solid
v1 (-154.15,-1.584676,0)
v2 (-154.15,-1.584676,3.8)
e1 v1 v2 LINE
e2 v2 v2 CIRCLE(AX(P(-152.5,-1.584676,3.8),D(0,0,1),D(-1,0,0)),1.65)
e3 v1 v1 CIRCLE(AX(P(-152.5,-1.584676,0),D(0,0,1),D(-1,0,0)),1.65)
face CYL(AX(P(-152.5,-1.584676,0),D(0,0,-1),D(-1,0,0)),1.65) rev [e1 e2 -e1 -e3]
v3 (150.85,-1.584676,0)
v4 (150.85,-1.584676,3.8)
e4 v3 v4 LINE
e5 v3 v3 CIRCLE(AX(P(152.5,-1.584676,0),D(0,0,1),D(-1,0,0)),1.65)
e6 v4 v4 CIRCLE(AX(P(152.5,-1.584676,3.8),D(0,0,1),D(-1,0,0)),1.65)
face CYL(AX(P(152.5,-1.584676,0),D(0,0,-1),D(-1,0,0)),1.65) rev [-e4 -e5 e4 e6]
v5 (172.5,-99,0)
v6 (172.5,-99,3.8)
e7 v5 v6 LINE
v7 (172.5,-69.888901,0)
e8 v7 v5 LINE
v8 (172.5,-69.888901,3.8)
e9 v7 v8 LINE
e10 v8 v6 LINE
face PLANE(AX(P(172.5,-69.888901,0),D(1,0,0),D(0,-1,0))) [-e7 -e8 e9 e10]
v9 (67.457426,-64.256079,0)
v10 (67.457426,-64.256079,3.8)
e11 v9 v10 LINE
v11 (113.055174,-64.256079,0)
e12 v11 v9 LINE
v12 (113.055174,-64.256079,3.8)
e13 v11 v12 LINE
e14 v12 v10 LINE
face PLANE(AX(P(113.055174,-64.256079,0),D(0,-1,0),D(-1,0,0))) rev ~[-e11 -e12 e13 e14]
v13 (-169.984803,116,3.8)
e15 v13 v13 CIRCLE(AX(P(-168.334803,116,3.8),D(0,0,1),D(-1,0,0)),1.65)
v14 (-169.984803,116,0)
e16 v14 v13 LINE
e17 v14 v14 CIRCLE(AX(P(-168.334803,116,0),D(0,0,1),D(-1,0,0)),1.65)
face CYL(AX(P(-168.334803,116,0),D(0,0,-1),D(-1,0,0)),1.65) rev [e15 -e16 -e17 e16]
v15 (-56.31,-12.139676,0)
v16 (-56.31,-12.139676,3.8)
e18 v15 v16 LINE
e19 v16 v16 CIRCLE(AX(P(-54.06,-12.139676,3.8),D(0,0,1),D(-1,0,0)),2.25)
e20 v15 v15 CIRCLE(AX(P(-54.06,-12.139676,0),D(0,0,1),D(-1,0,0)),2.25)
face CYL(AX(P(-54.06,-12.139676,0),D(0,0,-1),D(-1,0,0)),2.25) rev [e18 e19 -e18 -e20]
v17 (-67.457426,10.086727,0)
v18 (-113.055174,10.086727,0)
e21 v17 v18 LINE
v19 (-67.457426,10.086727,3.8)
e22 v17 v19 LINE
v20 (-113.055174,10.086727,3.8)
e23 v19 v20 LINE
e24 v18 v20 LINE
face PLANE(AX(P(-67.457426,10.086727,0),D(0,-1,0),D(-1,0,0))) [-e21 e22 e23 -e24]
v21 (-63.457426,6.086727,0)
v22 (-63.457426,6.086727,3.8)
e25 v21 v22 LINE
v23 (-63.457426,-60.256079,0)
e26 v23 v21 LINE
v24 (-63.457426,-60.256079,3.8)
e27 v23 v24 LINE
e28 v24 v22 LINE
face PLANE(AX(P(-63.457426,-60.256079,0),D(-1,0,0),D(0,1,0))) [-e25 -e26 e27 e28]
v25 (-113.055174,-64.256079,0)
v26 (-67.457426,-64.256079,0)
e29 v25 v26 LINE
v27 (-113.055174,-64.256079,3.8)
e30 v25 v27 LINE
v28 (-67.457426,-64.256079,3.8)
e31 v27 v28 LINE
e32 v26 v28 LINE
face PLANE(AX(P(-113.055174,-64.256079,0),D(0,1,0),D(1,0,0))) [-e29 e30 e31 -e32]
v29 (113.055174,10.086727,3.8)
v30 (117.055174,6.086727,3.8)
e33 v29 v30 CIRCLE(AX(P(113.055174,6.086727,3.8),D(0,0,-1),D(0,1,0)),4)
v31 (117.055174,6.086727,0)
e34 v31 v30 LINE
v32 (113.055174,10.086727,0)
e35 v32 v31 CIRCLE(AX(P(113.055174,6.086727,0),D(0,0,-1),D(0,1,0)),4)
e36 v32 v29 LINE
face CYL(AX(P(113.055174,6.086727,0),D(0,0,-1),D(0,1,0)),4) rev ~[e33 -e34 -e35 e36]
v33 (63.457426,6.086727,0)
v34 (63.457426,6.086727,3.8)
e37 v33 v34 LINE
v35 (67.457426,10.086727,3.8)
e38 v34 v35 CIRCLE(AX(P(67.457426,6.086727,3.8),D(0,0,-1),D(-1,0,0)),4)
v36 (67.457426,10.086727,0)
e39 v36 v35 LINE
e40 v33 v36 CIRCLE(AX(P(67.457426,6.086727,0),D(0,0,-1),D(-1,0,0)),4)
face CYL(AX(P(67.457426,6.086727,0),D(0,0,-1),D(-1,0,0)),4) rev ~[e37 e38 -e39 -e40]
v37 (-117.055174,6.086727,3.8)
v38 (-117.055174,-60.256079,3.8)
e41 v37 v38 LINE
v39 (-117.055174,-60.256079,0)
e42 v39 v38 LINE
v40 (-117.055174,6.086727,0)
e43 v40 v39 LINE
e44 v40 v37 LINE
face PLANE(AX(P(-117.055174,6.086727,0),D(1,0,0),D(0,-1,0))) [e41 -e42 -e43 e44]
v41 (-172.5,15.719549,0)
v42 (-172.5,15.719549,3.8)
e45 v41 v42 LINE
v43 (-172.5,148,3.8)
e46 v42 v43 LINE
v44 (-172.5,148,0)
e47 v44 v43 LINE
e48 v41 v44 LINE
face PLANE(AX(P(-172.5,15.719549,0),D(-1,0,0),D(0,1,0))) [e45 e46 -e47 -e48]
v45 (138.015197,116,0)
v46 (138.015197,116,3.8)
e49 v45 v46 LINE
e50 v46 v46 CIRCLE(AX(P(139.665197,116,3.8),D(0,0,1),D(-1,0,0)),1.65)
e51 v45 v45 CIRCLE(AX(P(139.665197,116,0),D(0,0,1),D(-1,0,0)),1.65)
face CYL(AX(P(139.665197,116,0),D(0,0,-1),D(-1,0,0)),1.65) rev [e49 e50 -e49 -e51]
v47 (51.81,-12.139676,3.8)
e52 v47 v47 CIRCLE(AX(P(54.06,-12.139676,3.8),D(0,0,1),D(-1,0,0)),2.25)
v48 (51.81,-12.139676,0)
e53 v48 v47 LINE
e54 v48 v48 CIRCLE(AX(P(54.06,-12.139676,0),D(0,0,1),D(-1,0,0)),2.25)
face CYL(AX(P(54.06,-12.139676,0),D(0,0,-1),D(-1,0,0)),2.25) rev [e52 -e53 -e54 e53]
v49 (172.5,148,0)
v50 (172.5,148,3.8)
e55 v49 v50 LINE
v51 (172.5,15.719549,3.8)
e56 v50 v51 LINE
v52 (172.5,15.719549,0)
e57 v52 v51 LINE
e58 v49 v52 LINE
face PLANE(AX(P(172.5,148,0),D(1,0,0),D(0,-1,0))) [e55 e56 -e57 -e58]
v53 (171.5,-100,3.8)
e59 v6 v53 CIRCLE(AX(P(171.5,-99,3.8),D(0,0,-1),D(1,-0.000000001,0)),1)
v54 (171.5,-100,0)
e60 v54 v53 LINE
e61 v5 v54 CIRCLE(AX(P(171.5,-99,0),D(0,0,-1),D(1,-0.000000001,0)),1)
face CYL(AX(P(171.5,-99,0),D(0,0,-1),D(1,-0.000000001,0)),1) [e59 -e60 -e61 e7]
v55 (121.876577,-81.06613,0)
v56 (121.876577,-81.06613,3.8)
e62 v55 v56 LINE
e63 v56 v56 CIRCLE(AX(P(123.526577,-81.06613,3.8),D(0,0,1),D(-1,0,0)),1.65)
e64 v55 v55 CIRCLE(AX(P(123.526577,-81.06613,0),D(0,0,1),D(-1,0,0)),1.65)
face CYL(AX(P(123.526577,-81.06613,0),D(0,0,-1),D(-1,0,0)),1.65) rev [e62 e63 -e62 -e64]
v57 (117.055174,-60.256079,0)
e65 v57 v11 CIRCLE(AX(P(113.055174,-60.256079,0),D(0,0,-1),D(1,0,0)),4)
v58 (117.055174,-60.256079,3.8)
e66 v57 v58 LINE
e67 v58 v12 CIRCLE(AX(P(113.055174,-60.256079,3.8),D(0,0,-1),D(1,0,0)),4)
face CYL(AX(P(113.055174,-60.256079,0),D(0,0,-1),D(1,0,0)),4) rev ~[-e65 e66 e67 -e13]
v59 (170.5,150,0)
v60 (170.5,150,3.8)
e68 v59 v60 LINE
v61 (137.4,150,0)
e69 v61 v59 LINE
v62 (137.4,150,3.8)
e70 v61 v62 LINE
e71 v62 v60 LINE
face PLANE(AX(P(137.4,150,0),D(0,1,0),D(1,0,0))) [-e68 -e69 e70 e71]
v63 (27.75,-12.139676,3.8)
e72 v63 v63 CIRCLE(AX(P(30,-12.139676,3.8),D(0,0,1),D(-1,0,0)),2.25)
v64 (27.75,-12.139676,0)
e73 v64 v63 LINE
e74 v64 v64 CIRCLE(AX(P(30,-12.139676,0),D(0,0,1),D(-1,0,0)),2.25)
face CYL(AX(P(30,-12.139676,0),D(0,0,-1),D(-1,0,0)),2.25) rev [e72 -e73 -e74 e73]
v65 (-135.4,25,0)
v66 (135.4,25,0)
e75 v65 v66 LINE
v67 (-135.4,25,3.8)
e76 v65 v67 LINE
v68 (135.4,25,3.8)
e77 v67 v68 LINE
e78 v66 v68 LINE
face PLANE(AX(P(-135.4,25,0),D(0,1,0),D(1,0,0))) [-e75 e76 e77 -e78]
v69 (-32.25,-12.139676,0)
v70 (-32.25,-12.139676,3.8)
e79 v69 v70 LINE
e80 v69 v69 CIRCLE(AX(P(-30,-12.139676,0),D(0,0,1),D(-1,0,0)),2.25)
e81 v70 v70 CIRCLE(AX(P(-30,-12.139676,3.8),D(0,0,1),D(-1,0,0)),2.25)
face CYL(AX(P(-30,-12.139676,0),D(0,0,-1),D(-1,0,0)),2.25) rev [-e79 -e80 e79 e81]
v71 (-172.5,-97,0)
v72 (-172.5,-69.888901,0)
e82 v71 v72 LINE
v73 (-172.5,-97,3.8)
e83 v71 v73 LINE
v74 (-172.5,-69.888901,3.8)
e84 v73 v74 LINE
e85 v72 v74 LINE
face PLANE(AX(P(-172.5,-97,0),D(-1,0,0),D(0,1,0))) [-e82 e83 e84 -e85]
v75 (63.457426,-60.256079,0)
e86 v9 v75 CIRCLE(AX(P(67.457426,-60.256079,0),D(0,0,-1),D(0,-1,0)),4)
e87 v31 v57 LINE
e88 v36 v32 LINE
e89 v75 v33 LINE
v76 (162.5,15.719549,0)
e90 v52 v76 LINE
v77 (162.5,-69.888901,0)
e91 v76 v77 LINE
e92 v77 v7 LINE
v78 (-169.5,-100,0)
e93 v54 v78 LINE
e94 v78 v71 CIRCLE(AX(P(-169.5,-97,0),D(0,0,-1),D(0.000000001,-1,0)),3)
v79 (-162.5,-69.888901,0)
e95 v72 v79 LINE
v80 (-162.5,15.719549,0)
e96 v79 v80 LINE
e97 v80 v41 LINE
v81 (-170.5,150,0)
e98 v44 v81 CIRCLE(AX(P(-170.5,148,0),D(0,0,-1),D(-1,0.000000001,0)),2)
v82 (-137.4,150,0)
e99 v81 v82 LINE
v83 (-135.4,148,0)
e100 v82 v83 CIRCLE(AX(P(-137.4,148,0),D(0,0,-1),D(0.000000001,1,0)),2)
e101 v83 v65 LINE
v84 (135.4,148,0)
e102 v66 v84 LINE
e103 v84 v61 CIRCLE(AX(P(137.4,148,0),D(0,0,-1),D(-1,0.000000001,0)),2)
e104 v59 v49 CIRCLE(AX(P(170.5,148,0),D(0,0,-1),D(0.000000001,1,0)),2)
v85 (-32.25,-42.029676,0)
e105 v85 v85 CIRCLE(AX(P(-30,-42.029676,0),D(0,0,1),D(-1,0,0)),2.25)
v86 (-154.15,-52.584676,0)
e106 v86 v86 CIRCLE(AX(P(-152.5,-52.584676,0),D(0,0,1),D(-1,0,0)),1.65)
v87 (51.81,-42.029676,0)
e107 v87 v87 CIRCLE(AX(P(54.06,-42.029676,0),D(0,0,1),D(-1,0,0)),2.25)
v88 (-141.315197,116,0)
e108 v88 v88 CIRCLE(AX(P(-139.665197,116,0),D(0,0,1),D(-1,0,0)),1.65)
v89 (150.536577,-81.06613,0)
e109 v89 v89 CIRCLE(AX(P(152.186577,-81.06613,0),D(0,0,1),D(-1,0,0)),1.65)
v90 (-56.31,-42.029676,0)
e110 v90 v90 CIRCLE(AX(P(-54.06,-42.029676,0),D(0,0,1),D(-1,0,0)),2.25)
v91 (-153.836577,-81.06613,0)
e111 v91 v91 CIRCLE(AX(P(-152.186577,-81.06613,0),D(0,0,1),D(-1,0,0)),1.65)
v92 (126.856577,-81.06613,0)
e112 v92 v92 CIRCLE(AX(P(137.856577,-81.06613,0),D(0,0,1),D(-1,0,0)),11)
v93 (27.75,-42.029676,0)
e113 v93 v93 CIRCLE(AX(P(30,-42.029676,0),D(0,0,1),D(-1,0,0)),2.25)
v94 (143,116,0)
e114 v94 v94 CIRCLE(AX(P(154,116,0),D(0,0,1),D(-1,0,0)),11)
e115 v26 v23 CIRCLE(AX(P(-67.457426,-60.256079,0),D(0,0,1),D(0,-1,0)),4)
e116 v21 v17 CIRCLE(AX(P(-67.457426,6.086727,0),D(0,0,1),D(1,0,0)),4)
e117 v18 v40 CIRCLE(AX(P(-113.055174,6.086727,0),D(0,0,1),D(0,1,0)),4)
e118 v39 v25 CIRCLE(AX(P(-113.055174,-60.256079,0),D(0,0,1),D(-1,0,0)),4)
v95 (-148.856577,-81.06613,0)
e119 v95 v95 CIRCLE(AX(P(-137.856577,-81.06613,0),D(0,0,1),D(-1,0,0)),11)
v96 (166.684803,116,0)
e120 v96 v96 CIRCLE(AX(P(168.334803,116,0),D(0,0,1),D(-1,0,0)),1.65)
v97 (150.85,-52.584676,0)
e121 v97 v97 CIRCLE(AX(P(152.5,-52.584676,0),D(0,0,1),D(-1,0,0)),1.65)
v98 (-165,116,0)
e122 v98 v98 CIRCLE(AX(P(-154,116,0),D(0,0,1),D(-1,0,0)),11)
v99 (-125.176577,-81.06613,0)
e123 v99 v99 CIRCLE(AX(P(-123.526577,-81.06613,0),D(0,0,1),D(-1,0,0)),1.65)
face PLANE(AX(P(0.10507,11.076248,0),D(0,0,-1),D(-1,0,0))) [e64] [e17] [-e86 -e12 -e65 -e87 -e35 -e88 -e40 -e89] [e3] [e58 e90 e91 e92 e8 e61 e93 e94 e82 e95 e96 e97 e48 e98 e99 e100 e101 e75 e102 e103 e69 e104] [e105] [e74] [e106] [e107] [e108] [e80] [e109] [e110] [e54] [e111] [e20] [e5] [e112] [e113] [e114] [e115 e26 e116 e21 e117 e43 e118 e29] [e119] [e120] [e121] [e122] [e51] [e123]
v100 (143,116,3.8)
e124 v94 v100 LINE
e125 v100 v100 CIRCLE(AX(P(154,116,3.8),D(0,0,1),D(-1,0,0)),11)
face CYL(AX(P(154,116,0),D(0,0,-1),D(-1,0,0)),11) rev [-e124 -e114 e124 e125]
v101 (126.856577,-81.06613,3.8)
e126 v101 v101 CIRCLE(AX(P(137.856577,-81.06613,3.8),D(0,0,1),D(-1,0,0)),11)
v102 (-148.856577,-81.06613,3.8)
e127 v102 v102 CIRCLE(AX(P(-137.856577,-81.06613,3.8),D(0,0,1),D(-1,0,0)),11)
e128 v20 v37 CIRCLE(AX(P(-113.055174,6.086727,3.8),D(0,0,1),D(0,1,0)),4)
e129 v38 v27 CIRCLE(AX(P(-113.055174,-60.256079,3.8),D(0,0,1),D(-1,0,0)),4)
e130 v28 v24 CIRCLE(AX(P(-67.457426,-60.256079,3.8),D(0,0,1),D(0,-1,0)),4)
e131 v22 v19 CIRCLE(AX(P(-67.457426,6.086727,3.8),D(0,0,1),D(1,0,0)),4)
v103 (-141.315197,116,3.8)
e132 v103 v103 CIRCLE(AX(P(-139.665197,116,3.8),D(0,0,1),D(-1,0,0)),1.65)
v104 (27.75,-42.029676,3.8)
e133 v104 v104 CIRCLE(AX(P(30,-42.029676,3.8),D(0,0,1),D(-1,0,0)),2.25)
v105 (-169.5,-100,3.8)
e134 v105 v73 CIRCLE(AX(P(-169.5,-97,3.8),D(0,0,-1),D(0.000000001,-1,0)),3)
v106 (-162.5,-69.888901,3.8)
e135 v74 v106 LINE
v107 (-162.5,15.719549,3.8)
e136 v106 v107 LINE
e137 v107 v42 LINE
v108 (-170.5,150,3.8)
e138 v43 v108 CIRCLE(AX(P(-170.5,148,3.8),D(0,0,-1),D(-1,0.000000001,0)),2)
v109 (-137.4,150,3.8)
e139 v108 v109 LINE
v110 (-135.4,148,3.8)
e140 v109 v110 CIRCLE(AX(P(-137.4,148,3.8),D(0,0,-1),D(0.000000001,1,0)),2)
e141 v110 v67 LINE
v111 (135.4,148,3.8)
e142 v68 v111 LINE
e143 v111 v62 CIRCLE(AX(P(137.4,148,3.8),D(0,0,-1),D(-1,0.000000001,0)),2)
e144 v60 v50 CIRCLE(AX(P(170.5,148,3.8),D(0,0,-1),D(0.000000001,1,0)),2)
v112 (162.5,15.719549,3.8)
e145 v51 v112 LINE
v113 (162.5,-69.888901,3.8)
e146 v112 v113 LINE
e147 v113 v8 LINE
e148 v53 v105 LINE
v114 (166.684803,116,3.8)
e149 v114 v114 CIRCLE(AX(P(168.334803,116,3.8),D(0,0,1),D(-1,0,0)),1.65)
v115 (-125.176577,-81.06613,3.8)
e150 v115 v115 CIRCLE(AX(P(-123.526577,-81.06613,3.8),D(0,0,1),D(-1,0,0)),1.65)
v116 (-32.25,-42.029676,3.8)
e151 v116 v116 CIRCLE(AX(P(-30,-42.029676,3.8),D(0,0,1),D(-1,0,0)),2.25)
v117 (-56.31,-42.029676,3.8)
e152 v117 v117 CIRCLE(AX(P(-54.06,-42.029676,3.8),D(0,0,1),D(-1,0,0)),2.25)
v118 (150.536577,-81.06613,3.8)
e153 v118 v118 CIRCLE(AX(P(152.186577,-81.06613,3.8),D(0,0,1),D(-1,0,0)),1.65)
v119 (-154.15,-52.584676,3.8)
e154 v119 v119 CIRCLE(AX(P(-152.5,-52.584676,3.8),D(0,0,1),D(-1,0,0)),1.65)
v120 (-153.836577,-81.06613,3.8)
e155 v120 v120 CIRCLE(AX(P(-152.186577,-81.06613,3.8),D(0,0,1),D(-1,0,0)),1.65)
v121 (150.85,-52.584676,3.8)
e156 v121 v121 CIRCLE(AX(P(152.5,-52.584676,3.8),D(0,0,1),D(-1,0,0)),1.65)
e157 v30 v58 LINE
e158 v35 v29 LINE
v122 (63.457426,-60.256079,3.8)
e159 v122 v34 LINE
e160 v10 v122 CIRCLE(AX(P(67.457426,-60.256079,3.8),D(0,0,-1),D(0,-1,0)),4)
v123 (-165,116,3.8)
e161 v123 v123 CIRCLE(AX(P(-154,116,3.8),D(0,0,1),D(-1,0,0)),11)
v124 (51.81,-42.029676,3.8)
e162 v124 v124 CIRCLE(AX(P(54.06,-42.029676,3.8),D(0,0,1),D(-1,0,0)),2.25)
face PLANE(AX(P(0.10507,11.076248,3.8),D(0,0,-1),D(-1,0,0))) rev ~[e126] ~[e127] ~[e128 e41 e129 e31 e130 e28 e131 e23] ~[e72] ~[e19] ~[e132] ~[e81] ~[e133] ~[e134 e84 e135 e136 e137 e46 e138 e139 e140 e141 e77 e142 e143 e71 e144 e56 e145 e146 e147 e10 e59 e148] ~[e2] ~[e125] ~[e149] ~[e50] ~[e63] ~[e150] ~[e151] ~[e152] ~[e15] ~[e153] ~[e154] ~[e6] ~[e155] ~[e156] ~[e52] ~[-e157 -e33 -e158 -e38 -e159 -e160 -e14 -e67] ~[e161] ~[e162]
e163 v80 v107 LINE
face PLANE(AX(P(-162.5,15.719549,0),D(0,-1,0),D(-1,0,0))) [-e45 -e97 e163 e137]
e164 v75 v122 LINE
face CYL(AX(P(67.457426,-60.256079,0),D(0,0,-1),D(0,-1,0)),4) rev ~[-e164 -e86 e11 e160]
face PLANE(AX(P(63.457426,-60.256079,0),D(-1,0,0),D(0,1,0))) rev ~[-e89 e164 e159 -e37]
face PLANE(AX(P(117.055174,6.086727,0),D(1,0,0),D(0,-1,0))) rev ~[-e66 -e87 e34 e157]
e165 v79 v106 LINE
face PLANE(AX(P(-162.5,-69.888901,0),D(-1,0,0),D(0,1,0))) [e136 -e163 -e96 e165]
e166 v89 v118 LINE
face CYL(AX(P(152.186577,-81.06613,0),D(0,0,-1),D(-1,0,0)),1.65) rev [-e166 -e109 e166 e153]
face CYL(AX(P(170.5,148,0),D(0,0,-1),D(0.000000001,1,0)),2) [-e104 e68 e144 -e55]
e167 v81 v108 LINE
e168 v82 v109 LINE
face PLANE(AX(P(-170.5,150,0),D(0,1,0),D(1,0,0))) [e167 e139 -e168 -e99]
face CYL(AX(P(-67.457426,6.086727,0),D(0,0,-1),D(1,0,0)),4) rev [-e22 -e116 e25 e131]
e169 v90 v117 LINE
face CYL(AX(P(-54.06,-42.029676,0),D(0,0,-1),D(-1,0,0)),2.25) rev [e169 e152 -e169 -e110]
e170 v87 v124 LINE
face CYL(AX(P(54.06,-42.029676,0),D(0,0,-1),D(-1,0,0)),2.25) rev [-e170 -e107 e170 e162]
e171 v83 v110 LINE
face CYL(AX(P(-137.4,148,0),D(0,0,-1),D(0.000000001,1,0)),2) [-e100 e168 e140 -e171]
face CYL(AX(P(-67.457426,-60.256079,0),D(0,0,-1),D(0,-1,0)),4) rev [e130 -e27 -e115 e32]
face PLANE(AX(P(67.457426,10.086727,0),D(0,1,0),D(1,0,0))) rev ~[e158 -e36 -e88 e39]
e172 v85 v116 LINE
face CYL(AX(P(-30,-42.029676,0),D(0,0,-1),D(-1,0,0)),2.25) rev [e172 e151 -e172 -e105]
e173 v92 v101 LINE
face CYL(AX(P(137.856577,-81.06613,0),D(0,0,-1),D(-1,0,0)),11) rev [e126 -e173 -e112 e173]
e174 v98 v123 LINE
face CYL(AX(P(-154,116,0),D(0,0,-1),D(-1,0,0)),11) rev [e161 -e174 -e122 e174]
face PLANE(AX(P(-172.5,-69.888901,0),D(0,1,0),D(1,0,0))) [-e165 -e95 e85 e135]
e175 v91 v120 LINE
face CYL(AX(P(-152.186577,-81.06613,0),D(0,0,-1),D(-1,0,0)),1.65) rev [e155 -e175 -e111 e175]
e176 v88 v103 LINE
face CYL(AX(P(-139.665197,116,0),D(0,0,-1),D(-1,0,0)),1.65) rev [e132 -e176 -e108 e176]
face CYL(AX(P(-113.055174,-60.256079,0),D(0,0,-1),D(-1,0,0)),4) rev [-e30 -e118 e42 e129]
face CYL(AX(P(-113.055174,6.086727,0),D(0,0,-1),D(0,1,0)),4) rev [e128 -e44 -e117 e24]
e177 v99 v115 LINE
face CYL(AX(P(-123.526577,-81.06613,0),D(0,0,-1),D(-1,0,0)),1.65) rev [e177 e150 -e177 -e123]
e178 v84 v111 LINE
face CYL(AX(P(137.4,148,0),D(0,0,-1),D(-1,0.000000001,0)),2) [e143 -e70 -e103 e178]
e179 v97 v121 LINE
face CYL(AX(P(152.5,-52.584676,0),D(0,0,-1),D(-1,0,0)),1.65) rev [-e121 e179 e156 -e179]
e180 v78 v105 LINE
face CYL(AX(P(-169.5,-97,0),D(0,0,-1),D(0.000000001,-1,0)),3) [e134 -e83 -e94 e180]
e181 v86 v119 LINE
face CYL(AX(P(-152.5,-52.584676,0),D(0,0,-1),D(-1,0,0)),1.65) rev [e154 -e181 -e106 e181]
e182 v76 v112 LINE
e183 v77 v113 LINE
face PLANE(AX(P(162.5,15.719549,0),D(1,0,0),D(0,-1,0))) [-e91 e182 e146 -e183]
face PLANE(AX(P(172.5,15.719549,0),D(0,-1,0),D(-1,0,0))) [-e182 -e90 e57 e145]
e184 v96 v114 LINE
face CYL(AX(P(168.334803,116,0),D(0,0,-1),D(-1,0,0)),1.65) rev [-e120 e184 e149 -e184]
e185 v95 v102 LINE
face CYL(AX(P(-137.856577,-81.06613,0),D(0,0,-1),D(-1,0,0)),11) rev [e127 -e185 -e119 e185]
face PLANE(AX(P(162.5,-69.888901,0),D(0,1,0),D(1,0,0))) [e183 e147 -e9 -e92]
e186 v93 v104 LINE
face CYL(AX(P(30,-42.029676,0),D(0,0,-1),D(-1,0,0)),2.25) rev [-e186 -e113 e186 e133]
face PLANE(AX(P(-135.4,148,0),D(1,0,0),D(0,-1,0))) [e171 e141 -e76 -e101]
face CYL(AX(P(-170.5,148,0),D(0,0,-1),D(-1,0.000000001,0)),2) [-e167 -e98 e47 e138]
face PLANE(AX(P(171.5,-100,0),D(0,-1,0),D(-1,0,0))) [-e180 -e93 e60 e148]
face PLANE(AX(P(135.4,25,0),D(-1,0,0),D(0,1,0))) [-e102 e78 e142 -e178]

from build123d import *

# Parameters (mm, degrees)
SKETCH2_R           = 1.65
SKETCH2_R_2         = 11
SKETCH2_R_3         = 2.25
BOSS_EXTRUDE1_DEPTH = 3.8


with BuildPart() as part:
    # Sketch2 → Boss-Extrude1 (new body)
    with BuildSketch(Plane.XY):
        with BuildLine():
            Line((-170.5, 150), (-137.4, 150))
            ThreePointArc((-137.4, 150), (-135.985786438, 149.414213562), (-135.4, 148))
            Line((-135.4, 148), (-135.4, 25))
            Line((-135.4, 25), (135.4, 25))
            Line((135.4, 25), (135.4, 148))
            ThreePointArc((135.4, 148), (135.985786438, 149.414213562), (137.4, 150))
            Line((137.4, 150), (170.5, 150))
            ThreePointArc((170.5, 150), (171.914213562, 149.414213562), (172.5, 148))
            Line((172.5, 148), (172.5, 15.719548835))
            Line((172.5, 15.719548835), (162.5, 15.719548835))
            Line((162.5, 15.719548835), (162.5, -69.888900965))
            Line((162.5, -69.888900965), (172.5, -69.888900965))
            Line((172.5, -69.888900965), (172.5, -99))
            ThreePointArc((172.5, -99), (172.207106781, -99.707106781), (171.5, -100))
            Line((171.5, -100), (-169.5, -100))
            ThreePointArc((-169.5, -100), (-171.621320344, -99.121320344), (-172.5, -97))
            Line((-172.5, -97), (-172.5, -69.888900965))
            Line((-172.5, -69.888900965), (-162.5, -69.888900965))
            Line((-162.5, -69.888900965), (-162.5, 15.719548835))
            Line((-162.5, 15.719548835), (-172.5, 15.719548835))
            Line((-172.5, 15.719548835), (-172.5, 148))
            ThreePointArc((-172.5, 148), (-171.914213562, 149.414213562), (-170.5, 150))
        make_face()
        with Locations(Location((-168.334802826, 116, 0), (0, 0, 180))):
            Circle(SKETCH2_R, mode=Mode.SUBTRACT)
        with Locations(Location((-139.665197174, 116, 0), (0, 0, 180))):
            Circle(SKETCH2_R, mode=Mode.SUBTRACT)
        with Locations(Location((168.334802826, 116, 0), (0, 0, 180))):
            Circle(SKETCH2_R, mode=Mode.SUBTRACT)
        with Locations(Location((139.665197174, 116, 0), (0, 0, 180))):
            Circle(SKETCH2_R, mode=Mode.SUBTRACT)
        with Locations(Location((154, 116, 0), (0, 0, 180))):
            Circle(SKETCH2_R_2, mode=Mode.SUBTRACT)
        with Locations(Location((-154, 116, 0), (0, 0, 180))):
            Circle(SKETCH2_R_2, mode=Mode.SUBTRACT)
        with Locations(Location((152.5, -52.584676065, 0), (0, 0, 180))):
            Circle(SKETCH2_R, mode=Mode.SUBTRACT)
        with Locations(Location((152.5, -1.584676065, 0), (0, 0, 180))):
            Circle(SKETCH2_R, mode=Mode.SUBTRACT)
        with Locations(Location((-152.5, -52.584676065, 0), (0, 0, 180))):
            Circle(SKETCH2_R, mode=Mode.SUBTRACT)
        with Locations(Location((-152.5, -1.584676065, 0), (0, 0, 180))):
            Circle(SKETCH2_R, mode=Mode.SUBTRACT)
        with Locations(Location((-30, -42.029676065, 0), (0, 0, 180))):
            Circle(SKETCH2_R_3, mode=Mode.SUBTRACT)
        with Locations(Location((-30, -12.139676065, 0), (0, 0, 180))):
            Circle(SKETCH2_R_3, mode=Mode.SUBTRACT)
        with Locations(Location((-54.06, -12.139676065, 0), (0, 0, 180))):
            Circle(SKETCH2_R_3, mode=Mode.SUBTRACT)
        with Locations(Location((-54.06, -42.029676065, 0), (0, 0, 180))):
            Circle(SKETCH2_R_3, mode=Mode.SUBTRACT)
        with Locations(Location((54.06, -42.029676065, 0), (0, 0, 180))):
            Circle(SKETCH2_R_3, mode=Mode.SUBTRACT)
        with Locations(Location((30, -42.029676065, 0), (0, 0, 180))):
            Circle(SKETCH2_R_3, mode=Mode.SUBTRACT)
        with Locations(Location((30, -12.139676065, 0), (0, 0, 180))):
            Circle(SKETCH2_R_3, mode=Mode.SUBTRACT)
        with Locations(Location((54.06, -12.139676065, 0), (0, 0, 180))):
            Circle(SKETCH2_R_3, mode=Mode.SUBTRACT)
        with Locations(Location((-123.526576723, -81.066130201, 0), (0, 0, 180))):
            Circle(SKETCH2_R, mode=Mode.SUBTRACT)
        with Locations(Location((-152.186576723, -81.066130201, 0), (0, 0, 180))):
            Circle(SKETCH2_R, mode=Mode.SUBTRACT)
        with Locations(Location((-137.856576723, -81.066130201, 0), (0, 0, 180))):
            Circle(SKETCH2_R_2, mode=Mode.SUBTRACT)
        with Locations(Location((123.526576723, -81.066130201, 0), (0, 0, 180))):
            Circle(SKETCH2_R, mode=Mode.SUBTRACT)
        with Locations(Location((152.186576723, -81.066130201, 0), (0, 0, 180))):
            Circle(SKETCH2_R, mode=Mode.SUBTRACT)
        with Locations(Location((137.856576723, -81.066130201, 0), (0, 0, 180))):
            Circle(SKETCH2_R_2, mode=Mode.SUBTRACT)
        with BuildLine():
            Line((-67.457425662, 10.086727014), (-113.055173681, 10.086727014))
            ThreePointArc((-113.055173681, 10.086727014), (-115.883600806, 8.915154139), (-117.055173681, 6.086727014))
            Line((-117.055173681, 6.086727014), (-117.055173681, -60.256079145))
            ThreePointArc((-117.055173681, -60.256079145), (-115.883600806, -63.084506269), (-113.055173681, -64.256079145))
            Line((-113.055173681, -64.256079145), (-67.457425662, -64.256079145))
            ThreePointArc((-67.457425662, -64.256079145), (-64.628998537, -63.084506269), (-63.457425662, -60.256079145))
            Line((-63.457425662, -60.256079145), (-63.457425662, 6.086727014))
            ThreePointArc((-63.457425662, 6.086727014), (-64.628998537, 8.915154139), (-67.457425662, 10.086727014))
        make_face(mode=Mode.SUBTRACT)
        with BuildLine():
            Line((67.457425662, 10.086727014), (113.055173681, 10.086727014))
            ThreePointArc((113.055173681, 10.086727014), (115.883600806, 8.915154139), (117.055173681, 6.086727014))
            Line((117.055173681, 6.086727014), (117.055173681, -60.256079145))
            ThreePointArc((117.055173681, -60.256079145), (115.883600806, -63.084506269), (113.055173681, -64.256079145))
            Line((113.055173681, -64.256079145), (67.457425662, -64.256079145))
            ThreePointArc((67.457425662, -64.256079145), (64.628998537, -63.084506269), (63.457425662, -60.256079145))
            Line((63.457425662, -60.256079145), (63.457425662, 6.086727014))
            ThreePointArc((63.457425662, 6.086727014), (64.628998537, 8.915154139), (67.457425662, 10.086727014))
        make_face(mode=Mode.SUBTRACT)
    extrude(amount=BOSS_EXTRUDE1_DEPTH)


solid = part.part
